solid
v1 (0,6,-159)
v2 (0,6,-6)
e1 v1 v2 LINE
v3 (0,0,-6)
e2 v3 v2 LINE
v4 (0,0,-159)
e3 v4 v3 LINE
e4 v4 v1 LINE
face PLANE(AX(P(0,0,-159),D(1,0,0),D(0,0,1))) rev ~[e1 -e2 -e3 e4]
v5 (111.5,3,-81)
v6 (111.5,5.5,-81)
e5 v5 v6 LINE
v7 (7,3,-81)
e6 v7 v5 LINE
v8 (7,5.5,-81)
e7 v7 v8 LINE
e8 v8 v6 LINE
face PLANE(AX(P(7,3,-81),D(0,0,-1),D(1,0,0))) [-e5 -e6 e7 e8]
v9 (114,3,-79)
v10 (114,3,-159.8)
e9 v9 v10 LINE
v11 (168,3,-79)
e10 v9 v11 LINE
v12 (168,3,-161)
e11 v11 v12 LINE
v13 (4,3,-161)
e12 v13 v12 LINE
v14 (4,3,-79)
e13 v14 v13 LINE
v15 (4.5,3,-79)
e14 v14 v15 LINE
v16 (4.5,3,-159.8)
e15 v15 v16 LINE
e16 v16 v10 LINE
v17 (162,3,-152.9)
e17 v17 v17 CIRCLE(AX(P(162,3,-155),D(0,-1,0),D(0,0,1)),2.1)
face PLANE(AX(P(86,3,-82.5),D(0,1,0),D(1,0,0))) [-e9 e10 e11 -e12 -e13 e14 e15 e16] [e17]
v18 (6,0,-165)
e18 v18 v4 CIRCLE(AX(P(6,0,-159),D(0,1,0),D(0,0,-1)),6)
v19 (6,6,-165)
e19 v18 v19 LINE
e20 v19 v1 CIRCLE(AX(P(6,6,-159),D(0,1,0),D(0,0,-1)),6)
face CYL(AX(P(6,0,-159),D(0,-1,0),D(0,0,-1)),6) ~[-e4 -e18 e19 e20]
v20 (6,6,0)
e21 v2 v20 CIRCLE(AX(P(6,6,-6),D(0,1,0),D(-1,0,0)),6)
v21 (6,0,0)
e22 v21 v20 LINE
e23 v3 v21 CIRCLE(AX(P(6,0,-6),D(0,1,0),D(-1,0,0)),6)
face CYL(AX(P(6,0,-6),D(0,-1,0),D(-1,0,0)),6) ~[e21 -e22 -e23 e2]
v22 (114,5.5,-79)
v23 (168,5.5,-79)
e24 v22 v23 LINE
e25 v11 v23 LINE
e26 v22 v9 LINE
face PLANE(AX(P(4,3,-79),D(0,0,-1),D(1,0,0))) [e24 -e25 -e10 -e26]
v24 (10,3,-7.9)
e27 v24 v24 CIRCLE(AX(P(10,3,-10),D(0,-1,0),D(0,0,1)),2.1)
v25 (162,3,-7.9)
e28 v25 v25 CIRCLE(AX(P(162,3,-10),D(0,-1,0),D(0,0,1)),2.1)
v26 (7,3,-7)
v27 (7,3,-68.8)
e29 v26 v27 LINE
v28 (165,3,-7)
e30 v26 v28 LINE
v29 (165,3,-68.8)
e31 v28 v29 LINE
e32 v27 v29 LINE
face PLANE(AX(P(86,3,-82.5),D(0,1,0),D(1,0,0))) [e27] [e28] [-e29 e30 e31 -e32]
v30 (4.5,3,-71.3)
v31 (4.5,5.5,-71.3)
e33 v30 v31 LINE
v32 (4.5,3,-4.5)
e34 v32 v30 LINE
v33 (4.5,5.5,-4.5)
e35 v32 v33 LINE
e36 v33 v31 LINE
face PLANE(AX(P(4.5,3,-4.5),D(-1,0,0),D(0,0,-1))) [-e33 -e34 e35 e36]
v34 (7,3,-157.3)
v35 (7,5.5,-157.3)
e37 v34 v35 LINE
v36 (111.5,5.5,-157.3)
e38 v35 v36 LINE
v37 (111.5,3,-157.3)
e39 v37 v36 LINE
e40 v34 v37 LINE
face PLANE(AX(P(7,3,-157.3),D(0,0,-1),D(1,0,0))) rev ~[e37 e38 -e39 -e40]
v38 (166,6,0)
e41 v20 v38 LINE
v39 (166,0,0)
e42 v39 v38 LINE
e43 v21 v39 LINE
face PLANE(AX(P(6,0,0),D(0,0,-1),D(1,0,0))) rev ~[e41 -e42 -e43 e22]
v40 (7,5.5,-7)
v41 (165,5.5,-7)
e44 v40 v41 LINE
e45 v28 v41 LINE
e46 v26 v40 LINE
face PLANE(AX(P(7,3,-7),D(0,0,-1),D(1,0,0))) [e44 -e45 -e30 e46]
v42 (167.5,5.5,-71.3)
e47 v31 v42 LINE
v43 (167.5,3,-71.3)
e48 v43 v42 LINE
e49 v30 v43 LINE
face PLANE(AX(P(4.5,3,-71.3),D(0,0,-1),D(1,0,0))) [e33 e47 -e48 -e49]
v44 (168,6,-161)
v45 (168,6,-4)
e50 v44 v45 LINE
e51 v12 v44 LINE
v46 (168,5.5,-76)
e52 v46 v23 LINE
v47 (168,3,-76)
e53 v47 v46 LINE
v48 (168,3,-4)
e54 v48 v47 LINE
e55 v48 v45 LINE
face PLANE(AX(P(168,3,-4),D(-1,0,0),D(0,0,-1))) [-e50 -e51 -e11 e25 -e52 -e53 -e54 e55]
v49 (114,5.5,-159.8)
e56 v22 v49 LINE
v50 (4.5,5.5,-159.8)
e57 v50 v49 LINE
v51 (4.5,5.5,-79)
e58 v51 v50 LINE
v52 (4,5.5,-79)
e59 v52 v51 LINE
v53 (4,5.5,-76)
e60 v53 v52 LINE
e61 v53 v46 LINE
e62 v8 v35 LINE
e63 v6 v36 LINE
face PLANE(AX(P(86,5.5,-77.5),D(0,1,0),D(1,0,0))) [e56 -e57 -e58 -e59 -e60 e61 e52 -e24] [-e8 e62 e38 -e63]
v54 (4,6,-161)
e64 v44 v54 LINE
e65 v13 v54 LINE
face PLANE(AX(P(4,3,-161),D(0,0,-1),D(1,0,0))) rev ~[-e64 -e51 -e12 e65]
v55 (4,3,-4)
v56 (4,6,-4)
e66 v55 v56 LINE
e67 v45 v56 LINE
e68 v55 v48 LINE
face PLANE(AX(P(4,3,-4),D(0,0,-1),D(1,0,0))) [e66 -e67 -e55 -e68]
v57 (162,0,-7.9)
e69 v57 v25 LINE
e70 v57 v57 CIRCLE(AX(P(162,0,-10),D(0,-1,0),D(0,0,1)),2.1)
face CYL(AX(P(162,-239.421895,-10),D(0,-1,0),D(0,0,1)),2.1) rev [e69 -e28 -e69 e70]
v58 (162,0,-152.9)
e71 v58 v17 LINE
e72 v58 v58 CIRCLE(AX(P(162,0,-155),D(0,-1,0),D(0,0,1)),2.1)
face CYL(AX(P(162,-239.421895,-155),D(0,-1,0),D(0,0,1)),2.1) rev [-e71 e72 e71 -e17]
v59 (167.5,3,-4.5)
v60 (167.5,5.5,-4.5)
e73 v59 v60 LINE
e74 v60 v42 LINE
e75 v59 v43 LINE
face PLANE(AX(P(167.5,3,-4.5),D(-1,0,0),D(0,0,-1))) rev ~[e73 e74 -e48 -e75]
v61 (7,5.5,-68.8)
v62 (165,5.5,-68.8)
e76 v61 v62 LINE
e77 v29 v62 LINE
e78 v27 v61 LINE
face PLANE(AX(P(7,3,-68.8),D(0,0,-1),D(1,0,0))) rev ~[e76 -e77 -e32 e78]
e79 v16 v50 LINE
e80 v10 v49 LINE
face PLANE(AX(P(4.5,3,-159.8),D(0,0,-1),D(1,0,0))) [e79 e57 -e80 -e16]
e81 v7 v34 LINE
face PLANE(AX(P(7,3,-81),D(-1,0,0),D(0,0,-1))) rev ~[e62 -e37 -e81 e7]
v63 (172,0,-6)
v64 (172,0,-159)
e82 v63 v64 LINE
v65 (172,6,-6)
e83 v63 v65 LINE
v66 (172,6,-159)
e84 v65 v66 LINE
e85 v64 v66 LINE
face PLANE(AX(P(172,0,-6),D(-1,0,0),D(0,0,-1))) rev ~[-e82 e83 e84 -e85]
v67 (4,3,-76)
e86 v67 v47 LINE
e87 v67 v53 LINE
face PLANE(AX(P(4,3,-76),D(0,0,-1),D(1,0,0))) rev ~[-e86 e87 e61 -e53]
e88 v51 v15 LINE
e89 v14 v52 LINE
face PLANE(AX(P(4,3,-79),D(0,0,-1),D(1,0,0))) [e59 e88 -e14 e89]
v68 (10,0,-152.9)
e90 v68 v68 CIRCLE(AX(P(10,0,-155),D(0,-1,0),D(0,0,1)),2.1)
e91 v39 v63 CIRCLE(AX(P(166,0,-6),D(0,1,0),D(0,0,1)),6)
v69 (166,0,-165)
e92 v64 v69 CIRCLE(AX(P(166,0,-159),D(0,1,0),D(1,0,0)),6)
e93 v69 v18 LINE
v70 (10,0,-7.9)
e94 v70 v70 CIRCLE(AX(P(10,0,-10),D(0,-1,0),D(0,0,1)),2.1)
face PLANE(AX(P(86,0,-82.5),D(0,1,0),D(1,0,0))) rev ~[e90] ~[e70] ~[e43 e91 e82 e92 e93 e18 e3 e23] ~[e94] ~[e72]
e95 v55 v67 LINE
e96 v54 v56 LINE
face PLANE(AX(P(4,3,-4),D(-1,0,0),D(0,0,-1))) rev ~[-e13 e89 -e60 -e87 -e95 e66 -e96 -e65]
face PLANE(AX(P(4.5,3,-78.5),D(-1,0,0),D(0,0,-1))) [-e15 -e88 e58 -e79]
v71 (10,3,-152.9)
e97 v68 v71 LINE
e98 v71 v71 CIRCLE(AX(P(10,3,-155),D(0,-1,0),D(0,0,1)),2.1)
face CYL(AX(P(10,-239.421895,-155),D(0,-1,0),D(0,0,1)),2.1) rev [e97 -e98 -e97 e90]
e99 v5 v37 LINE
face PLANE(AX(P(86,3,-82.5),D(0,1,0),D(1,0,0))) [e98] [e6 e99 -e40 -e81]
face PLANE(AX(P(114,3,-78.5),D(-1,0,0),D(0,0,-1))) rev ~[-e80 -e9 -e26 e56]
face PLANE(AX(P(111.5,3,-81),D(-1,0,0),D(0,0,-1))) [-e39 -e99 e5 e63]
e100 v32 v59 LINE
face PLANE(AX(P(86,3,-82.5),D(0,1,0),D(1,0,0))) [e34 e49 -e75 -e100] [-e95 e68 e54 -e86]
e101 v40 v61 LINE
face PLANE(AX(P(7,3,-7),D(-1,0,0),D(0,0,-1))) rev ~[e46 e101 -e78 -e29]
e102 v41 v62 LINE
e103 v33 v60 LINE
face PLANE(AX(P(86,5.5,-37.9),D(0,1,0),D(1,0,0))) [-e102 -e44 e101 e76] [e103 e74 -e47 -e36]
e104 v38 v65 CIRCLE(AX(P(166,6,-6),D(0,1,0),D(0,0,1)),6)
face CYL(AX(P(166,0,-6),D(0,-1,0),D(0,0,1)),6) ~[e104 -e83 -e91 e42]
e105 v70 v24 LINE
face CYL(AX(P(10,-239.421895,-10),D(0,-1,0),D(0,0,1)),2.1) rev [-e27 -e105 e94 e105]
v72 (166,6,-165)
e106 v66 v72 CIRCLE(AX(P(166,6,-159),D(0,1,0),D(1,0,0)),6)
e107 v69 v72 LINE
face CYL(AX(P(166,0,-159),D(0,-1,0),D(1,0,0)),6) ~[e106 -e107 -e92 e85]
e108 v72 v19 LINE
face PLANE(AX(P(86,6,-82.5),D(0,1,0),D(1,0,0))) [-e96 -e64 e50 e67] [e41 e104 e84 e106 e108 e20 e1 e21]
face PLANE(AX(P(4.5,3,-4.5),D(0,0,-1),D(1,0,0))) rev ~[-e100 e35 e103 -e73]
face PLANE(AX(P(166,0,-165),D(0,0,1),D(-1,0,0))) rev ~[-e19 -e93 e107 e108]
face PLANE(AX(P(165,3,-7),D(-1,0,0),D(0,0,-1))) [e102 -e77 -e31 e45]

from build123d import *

# Parameters (mm, degrees)
TRAY_BODY_DEPTH              = 6
SK_POCKET_W                  = 164
SK_POCKET_H                  = 157
TRAY_POCKET_DEPTH            = 239.365265926
SK_ESP32GUIDE_W              = 163
SK_ESP32GUIDE_H              = 66.8
SK_ESP32GUIDE_W_2            = 158
SK_ESP32GUIDE_H_2            = 61.8
ESP32_HOUSING_GUIDE_DEPTH    = 2.5
SK_PI5GUIDE_W                = 109.5
SK_PI5GUIDE_H                = 81.3
SK_PI5GUIDE_W_2              = 104.5
SK_PI5GUIDE_H_2              = 76.3
PI5_CAGE_GUIDE_DEPTH         = 2.5
SK_DIVIDER_W                 = 164
SK_DIVIDER_H                 = 3
CENTER_DIVIDER_DEPTH         = 2.5
M4_MOUNTING_HOLES_DEPTH      = 239.421894968
M4_MOUNTING_HOLES_DEPTH_BACK = 239.421894968
SK_MOUNTHOLES_R              = 2.1


with BuildPart() as part:
    # Sk_Outline → Tray Body (new body)
    with BuildSketch(Plane(origin=(0, 0, 0), x_dir=(1, 0, 0), z_dir=(0, 1, 0))):
        with BuildLine():
            Line((6, 0), (166, 0))
            ThreePointArc((166, 0), (170.242640687, 1.757359313), (172, 6))
            Line((172, 6), (172, 159))
            ThreePointArc((172, 159), (170.242640687, 163.242640687), (166, 165))
            Line((166, 165), (6, 165))
            ThreePointArc((6, 165), (1.757359313, 163.242640687), (0, 159))
            Line((0, 159), (0, 6))
            ThreePointArc((0, 6), (1.757359313, 1.757359313), (6, 0))
        make_face()
    extrude(amount=TRAY_BODY_DEPTH)

    # Sk_Pocket → Tray Pocket (cut, through all)
    with BuildSketch(Plane(origin=(0, 3, 0), x_dir=(1, 0, 0), z_dir=(0, 1, 0))):
        with Locations((86, 82.5)):
            Rectangle(SK_POCKET_W, SK_POCKET_H)
    extrude(amount=TRAY_POCKET_DEPTH, mode=Mode.SUBTRACT)

    # Sk_ESP32Guide → ESP32 Housing Guide (add)
    with BuildSketch(Plane(origin=(0, 3, 0), x_dir=(1, 0, 0), z_dir=(0, 1, 0))):
        with Locations((86, 37.9)):
            Rectangle(SK_ESP32GUIDE_W, SK_ESP32GUIDE_H)
        with Locations((86, 37.9)):
            Rectangle(SK_ESP32GUIDE_W_2, SK_ESP32GUIDE_H_2, mode=Mode.SUBTRACT)
    extrude(amount=ESP32_HOUSING_GUIDE_DEPTH)

    # Sk_Pi5Guide → Pi5 Cage Guide (add)
    with BuildSketch(Plane(origin=(0, 3, 0), x_dir=(1, 0, 0), z_dir=(0, 1, 0))):
        with Locations((59.25, 119.15)):
            Rectangle(SK_PI5GUIDE_W, SK_PI5GUIDE_H)
        with Locations((59.25, 119.15)):
            Rectangle(SK_PI5GUIDE_W_2, SK_PI5GUIDE_H_2, mode=Mode.SUBTRACT)
    extrude(amount=PI5_CAGE_GUIDE_DEPTH)

    # Sk_Divider → Center Divider (add)
    with BuildSketch(Plane(origin=(0, 3, 0), x_dir=(1, 0, 0), z_dir=(0, 1, 0))):
        with Locations((86, 77.5)):
            Rectangle(SK_DIVIDER_W, SK_DIVIDER_H)
    extrude(amount=CENTER_DIVIDER_DEPTH)

    # Sk_MountHoles → M4 Mounting Holes (cut, two sides: drawn at the far end of the back side and taken through both)
    with BuildSketch(Plane(origin=(0, 0, 0), x_dir=(1, 0, 0), z_dir=(0, 1, 0)).offset(-M4_MOUNTING_HOLES_DEPTH_BACK)):
        with Locations(Location((10, 10, 0), (0, 0, 270))):
            Circle(SK_MOUNTHOLES_R)
        with Locations(Location((10, 155, 0), (0, 0, 270))):
            Circle(SK_MOUNTHOLES_R)
        with Locations(Location((162, 10, 0), (0, 0, 270))):
            Circle(SK_MOUNTHOLES_R)
        with Locations(Location((162, 155, 0), (0, 0, 270))):
            Circle(SK_MOUNTHOLES_R)
    extrude(amount=M4_MOUNTING_HOLES_DEPTH + M4_MOUNTING_HOLES_DEPTH_BACK, mode=Mode.SUBTRACT)


solid = part.part
